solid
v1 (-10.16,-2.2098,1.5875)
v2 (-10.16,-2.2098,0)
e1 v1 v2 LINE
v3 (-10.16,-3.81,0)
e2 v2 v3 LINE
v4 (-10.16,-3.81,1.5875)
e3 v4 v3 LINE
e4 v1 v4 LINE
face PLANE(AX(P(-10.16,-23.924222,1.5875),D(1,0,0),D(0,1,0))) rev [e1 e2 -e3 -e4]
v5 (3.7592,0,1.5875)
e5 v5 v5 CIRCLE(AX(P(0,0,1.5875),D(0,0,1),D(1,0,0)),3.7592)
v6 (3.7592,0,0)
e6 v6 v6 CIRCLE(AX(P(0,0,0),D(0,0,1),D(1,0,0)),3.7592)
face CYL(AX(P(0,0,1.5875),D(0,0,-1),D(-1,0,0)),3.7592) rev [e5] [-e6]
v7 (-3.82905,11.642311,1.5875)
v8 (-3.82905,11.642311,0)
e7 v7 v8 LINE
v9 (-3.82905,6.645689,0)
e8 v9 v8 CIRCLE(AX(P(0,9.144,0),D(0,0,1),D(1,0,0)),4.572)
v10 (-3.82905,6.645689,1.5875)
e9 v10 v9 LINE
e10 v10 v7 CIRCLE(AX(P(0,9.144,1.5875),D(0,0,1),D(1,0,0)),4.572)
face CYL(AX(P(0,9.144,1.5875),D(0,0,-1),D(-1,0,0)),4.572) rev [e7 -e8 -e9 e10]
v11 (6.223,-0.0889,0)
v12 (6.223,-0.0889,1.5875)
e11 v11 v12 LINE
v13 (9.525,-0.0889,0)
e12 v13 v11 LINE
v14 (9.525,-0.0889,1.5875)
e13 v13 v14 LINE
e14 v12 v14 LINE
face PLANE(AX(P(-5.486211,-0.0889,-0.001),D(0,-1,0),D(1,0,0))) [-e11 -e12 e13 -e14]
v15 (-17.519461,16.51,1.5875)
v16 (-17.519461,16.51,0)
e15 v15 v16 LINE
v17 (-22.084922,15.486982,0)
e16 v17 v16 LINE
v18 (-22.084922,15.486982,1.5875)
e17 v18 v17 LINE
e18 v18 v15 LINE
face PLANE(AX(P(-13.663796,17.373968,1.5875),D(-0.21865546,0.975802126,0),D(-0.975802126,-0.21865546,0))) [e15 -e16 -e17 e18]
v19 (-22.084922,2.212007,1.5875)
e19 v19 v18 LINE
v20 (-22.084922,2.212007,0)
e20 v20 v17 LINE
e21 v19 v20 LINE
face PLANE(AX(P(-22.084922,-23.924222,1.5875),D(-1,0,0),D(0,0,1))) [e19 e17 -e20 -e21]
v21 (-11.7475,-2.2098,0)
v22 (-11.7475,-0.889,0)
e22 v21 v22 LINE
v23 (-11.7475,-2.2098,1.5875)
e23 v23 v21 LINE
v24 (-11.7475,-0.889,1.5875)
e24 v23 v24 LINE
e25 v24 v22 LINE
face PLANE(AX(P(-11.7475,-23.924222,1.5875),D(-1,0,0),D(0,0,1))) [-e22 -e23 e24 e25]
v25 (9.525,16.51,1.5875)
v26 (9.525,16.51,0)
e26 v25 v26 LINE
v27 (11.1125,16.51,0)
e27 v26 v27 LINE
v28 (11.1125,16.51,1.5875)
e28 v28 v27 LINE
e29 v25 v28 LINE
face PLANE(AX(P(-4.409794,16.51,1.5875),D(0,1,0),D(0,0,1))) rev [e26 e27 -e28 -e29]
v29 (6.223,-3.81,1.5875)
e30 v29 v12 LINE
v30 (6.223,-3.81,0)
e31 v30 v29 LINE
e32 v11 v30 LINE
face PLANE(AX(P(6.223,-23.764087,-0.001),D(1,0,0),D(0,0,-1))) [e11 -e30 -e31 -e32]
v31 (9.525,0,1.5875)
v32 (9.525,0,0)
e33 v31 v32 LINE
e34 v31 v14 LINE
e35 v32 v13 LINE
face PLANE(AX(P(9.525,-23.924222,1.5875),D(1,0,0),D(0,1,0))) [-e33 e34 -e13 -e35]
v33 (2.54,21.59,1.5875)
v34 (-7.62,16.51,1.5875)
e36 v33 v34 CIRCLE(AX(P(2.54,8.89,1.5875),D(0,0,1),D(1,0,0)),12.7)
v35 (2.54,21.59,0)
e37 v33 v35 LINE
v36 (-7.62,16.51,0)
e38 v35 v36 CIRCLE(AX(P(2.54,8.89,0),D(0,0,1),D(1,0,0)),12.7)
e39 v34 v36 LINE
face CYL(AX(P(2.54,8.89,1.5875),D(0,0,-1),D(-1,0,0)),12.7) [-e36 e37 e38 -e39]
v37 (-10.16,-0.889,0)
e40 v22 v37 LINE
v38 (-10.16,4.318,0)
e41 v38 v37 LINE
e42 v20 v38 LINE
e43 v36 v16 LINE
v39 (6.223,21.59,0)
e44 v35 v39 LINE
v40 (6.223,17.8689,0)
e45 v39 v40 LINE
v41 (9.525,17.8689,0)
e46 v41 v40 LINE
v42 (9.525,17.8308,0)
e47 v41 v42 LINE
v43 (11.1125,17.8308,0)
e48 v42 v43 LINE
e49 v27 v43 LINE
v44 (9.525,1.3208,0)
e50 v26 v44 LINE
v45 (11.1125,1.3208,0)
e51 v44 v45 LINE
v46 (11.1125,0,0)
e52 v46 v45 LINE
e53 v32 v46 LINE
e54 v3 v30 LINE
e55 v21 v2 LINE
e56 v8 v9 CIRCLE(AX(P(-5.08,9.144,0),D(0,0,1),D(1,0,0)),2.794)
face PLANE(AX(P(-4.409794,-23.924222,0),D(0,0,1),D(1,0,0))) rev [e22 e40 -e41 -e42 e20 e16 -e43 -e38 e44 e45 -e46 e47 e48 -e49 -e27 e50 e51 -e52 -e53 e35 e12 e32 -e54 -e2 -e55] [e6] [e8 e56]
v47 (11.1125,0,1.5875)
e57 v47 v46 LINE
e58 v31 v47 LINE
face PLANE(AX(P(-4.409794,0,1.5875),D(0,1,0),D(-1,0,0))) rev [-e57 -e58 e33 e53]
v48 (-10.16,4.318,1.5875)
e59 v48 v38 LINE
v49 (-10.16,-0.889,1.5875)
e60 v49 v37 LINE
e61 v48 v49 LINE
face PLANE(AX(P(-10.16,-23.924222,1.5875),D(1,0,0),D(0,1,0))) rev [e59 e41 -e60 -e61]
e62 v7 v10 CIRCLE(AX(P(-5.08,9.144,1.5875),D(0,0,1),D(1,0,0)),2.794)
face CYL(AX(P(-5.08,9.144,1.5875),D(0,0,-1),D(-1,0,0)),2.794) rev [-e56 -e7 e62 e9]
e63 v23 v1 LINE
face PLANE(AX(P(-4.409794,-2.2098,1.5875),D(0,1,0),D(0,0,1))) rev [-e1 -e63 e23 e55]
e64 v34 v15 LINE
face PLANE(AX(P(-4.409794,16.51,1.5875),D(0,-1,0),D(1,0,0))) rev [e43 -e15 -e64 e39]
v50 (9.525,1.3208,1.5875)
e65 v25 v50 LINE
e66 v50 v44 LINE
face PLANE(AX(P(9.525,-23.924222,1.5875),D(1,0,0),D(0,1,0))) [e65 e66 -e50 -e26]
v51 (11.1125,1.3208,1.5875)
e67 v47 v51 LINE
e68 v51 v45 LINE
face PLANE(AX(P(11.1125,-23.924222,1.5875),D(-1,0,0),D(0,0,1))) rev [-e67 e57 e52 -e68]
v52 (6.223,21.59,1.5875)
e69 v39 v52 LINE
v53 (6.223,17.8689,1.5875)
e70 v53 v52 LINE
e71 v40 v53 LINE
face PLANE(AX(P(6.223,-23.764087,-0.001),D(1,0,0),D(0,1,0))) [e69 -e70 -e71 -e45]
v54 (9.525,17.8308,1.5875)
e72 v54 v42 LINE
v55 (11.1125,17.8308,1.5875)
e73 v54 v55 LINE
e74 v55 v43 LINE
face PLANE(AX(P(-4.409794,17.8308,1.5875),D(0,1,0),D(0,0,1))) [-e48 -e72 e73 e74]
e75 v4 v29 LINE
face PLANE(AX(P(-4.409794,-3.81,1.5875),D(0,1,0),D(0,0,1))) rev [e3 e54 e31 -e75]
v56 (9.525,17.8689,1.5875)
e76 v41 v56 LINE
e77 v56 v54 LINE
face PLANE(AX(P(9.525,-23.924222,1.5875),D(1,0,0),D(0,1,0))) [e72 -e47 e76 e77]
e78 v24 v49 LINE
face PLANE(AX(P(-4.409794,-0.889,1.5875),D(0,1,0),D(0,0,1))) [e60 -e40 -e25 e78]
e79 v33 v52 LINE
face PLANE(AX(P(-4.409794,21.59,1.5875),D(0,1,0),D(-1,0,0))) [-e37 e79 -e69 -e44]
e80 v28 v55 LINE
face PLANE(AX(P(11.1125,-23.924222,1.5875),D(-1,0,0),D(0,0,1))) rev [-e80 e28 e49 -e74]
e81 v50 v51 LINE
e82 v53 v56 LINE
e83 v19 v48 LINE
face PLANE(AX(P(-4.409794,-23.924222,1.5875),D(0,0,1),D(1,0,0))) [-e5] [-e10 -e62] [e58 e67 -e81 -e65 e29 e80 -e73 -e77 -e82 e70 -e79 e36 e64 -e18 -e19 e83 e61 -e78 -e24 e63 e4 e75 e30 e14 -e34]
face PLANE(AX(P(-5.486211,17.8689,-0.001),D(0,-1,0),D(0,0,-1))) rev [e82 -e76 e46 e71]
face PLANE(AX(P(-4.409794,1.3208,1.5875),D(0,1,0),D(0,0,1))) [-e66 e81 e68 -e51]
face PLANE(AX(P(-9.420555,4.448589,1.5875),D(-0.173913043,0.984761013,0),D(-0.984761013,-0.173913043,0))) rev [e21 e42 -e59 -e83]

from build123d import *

# Parameters (mm, degrees)
SKETCH1_R           = 3.7592
SKETCH1_W           = 1.5875
SKETCH1_H           = 1.3208
BOSS_EXTRUDE1_DEPTH = 1.5875
CUT_EXTRUDE1_REACH  = 32.926


with BuildPart() as part:
    # Sketch1 → Boss-Extrude1 (new body)
    # profile 1 of 6: a face of its own
    with BuildSketch(Plane.XY):
        with BuildLine():
            Line((2.54, 21.59), (9.525, 21.59))
            Line((9.525, 21.59), (9.525, -3.81))
            Line((9.525, -3.81), (-10.16, -3.81))
            Line((-10.16, -3.81), (-10.16, 8.89))
            ThreePointArc((-10.16, 8.89), (-6.440256121, 17.870256121), (2.54, 21.59))
        make_face()
        Circle(SKETCH1_R, mode=Mode.SUBTRACT)
        with BuildLine():
            ThreePointArc((-3.82905, 11.642311449), (-7.874, 9.144), (-3.82905, 6.645688551))
            ThreePointArc((-3.82905, 6.645688551), (4.572, 9.144), (-3.82905, 11.642311449))
        make_face(mode=Mode.SUBTRACT)
    # profile 2 of 6: a face of its own
    with BuildSketch(Plane.XY):
        with Locations((-10.95375, -1.5494)):
            Rectangle(SKETCH1_W, SKETCH1_H)
    # profile 3 of 6: a face of its own
    with BuildSketch(Plane.XY):
        with Locations((10.31875, 17.1704)):
            Rectangle(SKETCH1_W, SKETCH1_H)
    # profile 4 of 6: a face of its own
    with BuildSketch(Plane.XY):
        with Locations((10.31875, 0.6604)):
            Rectangle(SKETCH1_W, SKETCH1_H)
    # profile 5 of 6: a face of its own
    with BuildSketch(Plane.XY):
        with BuildLine():
            ThreePointArc((-10.16, 8.89), (-9.508277885, 12.906092628), (-7.62, 16.51))
            Line((-7.62, 16.51), (-17.51946076, 16.51))
            Line((-17.51946076, 16.51), (-22.084921519, 15.486982224))
            Line((-22.084921519, 15.486982224), (-22.084921519, 13.081))
            Line((-22.084921519, 13.081), (-22.084921519, 4.699))
            Line((-22.084921519, 4.699), (-22.084921519, 2.212007412))
            Line((-22.084921519, 2.212007412), (-10.16, 4.318))
            Line((-10.16, 4.318), (-10.16, 8.89))
        make_face()
    # profile 6 of 6: a face of its own
    with BuildSketch(Plane.XY):
        with BuildLine():
            ThreePointArc((-10.16, 8.89), (-9.508277885, 12.906092628), (-7.62, 16.51))
            Line((-7.62, 16.51), (-17.51946076, 16.51))
            Line((-17.51946076, 16.51), (-22.084921519, 15.486982224))
            Line((-22.084921519, 15.486982224), (-22.084921519, 13.081))
            Line((-22.084921519, 13.081), (-22.084921519, 4.699))
            Line((-22.084921519, 4.699), (-22.084921519, 2.212007412))
            Line((-22.084921519, 2.212007412), (-10.16, 4.318))
            Line((-10.16, 4.318), (-10.16, 8.89))
        make_face()
    extrude(amount=BOSS_EXTRUDE1_DEPTH)

    # Sketch2 → Cut-Extrude1 (cut, up to next)
    with BuildSketch(Plane.XY.offset(1.5875), mode=Mode.PRIVATE) as cut_extrude1_sk1:
        Polygon((6.223, -0.0889), (6.223, -3.81), (9.525, -3.81), (9.525, -3.0226), (9.525, -0.9144), (9.525, -0.0889), align=None)
    cut_extrude1_tool1 = extrude(cut_extrude1_sk1.sketch, amount=-CUT_EXTRUDE1_REACH, mode=Mode.PRIVATE) & part.part
    # Sketch2 → Cut-Extrude1 (cut, up to next)
    with BuildSketch(Plane.XY.offset(1.5875), mode=Mode.PRIVATE) as cut_extrude1_sk2:
        Polygon((9.525, 18.6944), (9.525, 20.8026), (9.525, 21.59), (6.223, 21.59), (6.223, 17.8689), (9.525, 17.8689), align=None)
    cut_extrude1_tool2 = extrude(cut_extrude1_sk2.sketch, amount=-CUT_EXTRUDE1_REACH, mode=Mode.PRIVATE) & part.part
    add(cut_extrude1_tool1.solids().sort_by_distance((7.874, -1.94945, 1.5875))[0], mode=Mode.SUBTRACT)
    add(cut_extrude1_tool2.solids().sort_by_distance((7.874, 19.72945, 1.5875))[0], mode=Mode.SUBTRACT)


solid = part.part
